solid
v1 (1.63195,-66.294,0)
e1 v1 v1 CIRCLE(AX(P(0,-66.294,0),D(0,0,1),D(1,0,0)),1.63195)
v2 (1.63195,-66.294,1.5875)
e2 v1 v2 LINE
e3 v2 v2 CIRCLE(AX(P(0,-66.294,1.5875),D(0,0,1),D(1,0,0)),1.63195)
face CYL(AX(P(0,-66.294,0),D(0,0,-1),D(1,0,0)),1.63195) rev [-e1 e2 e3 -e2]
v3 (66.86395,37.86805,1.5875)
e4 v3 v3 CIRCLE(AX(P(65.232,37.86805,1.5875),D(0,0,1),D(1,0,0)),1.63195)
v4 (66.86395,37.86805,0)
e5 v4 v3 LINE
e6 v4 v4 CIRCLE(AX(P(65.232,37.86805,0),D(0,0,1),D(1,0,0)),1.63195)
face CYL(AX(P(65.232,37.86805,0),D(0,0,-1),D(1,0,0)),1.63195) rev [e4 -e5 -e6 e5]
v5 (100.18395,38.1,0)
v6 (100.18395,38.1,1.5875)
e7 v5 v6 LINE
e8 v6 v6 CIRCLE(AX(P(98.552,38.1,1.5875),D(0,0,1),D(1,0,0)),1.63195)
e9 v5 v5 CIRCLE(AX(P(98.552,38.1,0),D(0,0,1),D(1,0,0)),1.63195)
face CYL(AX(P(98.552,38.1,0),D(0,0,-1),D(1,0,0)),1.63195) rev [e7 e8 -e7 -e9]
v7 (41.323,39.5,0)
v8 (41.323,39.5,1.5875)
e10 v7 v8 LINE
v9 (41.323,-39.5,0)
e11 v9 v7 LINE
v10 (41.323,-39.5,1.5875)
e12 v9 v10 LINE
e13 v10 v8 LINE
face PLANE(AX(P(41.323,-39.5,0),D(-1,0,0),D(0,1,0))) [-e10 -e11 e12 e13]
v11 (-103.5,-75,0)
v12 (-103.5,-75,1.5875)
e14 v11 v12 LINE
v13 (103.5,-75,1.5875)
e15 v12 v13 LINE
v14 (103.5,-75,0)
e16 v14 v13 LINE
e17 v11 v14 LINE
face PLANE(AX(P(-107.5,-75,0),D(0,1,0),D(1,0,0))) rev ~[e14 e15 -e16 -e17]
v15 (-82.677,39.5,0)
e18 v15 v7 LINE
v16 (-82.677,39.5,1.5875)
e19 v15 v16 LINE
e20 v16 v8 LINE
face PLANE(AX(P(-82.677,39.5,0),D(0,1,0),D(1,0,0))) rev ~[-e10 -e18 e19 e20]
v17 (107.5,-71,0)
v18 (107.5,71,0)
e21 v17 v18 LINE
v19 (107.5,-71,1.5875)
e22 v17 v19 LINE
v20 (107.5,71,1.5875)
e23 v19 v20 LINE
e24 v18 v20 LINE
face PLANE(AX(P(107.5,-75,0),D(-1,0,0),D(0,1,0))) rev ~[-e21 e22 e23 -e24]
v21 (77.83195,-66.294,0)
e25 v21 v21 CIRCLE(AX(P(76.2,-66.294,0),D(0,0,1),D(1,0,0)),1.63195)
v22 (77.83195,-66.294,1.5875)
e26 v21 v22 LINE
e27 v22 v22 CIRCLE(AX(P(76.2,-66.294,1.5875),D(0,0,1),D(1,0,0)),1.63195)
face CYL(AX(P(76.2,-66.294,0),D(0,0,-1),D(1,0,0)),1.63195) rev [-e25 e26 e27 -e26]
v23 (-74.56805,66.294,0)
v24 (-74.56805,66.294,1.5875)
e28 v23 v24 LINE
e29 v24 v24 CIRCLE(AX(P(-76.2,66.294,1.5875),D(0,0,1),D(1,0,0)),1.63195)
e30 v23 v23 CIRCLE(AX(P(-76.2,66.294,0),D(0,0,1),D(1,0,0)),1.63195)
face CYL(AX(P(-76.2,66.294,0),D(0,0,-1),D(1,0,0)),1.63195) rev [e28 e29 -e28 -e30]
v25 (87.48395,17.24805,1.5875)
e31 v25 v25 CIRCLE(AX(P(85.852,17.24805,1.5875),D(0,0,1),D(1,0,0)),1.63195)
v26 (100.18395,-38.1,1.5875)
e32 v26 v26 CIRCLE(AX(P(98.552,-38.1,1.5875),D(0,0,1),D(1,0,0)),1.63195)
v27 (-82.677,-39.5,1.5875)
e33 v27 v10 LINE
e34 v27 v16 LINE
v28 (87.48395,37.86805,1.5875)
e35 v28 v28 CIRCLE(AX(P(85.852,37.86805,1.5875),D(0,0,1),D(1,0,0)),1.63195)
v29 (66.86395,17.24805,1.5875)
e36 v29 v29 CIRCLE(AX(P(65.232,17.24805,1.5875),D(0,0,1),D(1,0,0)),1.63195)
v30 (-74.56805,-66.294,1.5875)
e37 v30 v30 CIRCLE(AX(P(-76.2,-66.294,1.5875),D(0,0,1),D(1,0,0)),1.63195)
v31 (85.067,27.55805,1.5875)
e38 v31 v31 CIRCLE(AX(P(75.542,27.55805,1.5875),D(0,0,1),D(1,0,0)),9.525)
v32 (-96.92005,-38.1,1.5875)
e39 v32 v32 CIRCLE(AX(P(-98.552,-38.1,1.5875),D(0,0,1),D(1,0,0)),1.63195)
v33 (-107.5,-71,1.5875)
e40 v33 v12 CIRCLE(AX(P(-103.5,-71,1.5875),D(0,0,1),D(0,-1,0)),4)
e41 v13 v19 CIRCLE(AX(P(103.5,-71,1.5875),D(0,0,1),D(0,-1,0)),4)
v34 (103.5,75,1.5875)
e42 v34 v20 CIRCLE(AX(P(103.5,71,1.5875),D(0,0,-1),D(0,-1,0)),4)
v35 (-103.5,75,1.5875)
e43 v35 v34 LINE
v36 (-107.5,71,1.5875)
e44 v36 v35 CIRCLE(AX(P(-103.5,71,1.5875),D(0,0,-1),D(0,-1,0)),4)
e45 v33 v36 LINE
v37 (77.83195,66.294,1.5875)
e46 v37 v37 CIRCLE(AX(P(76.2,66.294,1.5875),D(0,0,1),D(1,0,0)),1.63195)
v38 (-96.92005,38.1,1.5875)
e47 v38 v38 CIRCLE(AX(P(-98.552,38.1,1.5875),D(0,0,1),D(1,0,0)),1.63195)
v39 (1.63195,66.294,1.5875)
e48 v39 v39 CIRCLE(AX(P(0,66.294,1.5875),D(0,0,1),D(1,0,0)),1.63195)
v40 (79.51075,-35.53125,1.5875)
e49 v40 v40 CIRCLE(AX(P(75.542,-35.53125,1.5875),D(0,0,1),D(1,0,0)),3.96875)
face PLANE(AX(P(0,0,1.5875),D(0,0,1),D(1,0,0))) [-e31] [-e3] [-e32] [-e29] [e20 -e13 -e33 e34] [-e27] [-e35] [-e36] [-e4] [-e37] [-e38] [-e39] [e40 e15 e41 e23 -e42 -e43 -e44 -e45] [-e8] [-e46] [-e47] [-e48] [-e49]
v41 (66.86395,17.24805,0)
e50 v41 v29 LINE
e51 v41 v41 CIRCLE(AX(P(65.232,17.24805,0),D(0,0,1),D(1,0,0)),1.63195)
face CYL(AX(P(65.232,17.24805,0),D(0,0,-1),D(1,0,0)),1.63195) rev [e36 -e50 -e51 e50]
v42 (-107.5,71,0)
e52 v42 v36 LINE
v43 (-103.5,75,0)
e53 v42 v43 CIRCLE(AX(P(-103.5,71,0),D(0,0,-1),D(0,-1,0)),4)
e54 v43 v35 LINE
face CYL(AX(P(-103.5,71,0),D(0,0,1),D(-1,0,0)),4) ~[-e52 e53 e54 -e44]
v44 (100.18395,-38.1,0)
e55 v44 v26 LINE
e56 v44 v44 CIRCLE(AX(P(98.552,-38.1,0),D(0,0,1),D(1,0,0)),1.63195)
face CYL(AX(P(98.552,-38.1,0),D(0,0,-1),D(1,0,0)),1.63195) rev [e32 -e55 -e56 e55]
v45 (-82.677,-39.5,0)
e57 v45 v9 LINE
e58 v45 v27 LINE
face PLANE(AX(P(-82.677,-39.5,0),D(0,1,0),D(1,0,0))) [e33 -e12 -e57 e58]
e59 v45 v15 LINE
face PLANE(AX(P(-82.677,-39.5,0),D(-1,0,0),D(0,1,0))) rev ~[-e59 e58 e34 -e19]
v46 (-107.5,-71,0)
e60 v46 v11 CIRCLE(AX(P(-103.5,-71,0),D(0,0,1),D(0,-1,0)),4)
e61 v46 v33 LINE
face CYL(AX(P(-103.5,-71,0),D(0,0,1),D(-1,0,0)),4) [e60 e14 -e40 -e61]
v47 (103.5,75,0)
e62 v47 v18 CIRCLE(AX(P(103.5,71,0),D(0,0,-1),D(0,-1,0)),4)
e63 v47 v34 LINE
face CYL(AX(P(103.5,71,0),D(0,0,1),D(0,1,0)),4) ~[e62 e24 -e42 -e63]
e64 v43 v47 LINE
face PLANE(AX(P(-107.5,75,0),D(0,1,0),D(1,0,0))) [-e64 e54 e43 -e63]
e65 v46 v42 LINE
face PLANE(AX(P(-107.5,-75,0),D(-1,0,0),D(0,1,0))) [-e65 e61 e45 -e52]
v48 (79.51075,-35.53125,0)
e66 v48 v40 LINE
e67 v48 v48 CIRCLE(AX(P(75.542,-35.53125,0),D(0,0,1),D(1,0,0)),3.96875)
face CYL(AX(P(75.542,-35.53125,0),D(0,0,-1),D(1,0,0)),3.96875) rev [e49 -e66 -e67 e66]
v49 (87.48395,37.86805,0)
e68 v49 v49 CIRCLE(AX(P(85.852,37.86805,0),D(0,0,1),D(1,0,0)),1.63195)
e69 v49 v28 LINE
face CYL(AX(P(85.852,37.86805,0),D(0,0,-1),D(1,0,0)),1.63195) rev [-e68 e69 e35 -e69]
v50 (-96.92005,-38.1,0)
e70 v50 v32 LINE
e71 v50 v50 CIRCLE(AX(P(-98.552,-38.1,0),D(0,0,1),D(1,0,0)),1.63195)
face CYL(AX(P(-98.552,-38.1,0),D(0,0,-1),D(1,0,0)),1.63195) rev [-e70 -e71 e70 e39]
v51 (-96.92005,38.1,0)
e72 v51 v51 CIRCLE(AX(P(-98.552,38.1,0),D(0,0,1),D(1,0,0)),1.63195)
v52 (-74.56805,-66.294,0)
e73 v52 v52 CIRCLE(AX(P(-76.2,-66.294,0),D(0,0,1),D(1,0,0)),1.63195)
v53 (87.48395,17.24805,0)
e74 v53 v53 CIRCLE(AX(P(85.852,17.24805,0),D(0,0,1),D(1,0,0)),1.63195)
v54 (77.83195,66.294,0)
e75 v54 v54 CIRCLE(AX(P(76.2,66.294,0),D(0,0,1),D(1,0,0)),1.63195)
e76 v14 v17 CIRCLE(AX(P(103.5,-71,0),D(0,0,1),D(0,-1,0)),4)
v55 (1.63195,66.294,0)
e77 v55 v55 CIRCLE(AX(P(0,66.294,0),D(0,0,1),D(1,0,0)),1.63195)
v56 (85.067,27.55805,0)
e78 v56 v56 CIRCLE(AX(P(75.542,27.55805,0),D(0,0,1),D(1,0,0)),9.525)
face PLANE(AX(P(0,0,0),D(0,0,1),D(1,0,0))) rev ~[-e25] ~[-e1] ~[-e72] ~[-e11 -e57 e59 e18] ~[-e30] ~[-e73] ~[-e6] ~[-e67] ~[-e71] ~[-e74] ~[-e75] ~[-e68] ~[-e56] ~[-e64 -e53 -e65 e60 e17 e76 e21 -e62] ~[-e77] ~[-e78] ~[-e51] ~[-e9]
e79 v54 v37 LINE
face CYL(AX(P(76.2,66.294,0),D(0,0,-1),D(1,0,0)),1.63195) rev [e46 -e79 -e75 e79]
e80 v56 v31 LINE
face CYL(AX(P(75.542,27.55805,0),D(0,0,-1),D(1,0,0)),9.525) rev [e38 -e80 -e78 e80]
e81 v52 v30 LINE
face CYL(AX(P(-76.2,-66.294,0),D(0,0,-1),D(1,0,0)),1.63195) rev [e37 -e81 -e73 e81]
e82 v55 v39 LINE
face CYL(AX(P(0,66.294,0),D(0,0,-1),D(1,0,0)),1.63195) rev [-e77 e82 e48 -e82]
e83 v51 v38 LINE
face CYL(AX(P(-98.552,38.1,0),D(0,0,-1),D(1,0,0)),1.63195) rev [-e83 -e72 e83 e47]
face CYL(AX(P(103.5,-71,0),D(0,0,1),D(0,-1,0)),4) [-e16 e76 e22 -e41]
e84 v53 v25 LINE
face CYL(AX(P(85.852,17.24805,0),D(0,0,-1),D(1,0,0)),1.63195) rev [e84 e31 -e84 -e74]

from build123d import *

# Parameters (mm, degrees)
F0_W     = 215
F0_H     = 150
F0_R     = 1.63195
F0_R_2   = 3.96875
F0_W_2   = 124
F0_H_2   = 79
F0_R_3   = 9.525
F1_DEPTH = 1.5875
F2_R     = 4


with BuildPart() as f1:
    # F0 (on Top) → F1 (new body)
    with BuildSketch(Plane.XY):
        Rectangle(F0_W, F0_H)
        with Locations((-76.2, -66.294)):
            Circle(F0_R, mode=Mode.SUBTRACT)
        with Locations((-98.552, -38.1)):
            Circle(F0_R, mode=Mode.SUBTRACT)
        with Locations((0, -66.294)):
            Circle(F0_R, mode=Mode.SUBTRACT)
        with Locations((76.2, -66.294)):
            Circle(F0_R, mode=Mode.SUBTRACT)
        with Locations((98.552, -38.1)):
            Circle(F0_R, mode=Mode.SUBTRACT)
        with Locations((75.542, -35.53125)):
            Circle(F0_R_2, mode=Mode.SUBTRACT)
        with Locations((-20.677, 0)):
            Rectangle(F0_W_2, F0_H_2, mode=Mode.SUBTRACT)
        with Locations((-98.552, 38.1)):
            Circle(F0_R, mode=Mode.SUBTRACT)
        with Locations((-76.2, 66.294)):
            Circle(F0_R, mode=Mode.SUBTRACT)
        with Locations((65.232, 17.24805)):
            Circle(F0_R, mode=Mode.SUBTRACT)
        with Locations((85.852, 17.24805)):
            Circle(F0_R, mode=Mode.SUBTRACT)
        with Locations((75.542, 27.55805)):
            Circle(F0_R_3, mode=Mode.SUBTRACT)
        with Locations((0, 66.294)):
            Circle(F0_R, mode=Mode.SUBTRACT)
        with Locations((65.232, 37.86805)):
            Circle(F0_R, mode=Mode.SUBTRACT)
        with Locations((85.852, 37.86805)):
            Circle(F0_R, mode=Mode.SUBTRACT)
        with Locations((98.552, 38.1)):
            Circle(F0_R, mode=Mode.SUBTRACT)
        with Locations((76.2, 66.294)):
            Circle(F0_R, mode=Mode.SUBTRACT)
    extrude(amount=F1_DEPTH)

    # F2
    f2_edges = [f1.edges().sort_by_distance(p)[0] for p in [
        (-107.5, 75, 0.79375),
        (-107.5, -75, 0.79375),
        (107.5, -75, 0.79375),
        (107.5, 75, 0.79375),
    ]]
    fillet(f2_edges, radius=F2_R)


solid = f1.part
